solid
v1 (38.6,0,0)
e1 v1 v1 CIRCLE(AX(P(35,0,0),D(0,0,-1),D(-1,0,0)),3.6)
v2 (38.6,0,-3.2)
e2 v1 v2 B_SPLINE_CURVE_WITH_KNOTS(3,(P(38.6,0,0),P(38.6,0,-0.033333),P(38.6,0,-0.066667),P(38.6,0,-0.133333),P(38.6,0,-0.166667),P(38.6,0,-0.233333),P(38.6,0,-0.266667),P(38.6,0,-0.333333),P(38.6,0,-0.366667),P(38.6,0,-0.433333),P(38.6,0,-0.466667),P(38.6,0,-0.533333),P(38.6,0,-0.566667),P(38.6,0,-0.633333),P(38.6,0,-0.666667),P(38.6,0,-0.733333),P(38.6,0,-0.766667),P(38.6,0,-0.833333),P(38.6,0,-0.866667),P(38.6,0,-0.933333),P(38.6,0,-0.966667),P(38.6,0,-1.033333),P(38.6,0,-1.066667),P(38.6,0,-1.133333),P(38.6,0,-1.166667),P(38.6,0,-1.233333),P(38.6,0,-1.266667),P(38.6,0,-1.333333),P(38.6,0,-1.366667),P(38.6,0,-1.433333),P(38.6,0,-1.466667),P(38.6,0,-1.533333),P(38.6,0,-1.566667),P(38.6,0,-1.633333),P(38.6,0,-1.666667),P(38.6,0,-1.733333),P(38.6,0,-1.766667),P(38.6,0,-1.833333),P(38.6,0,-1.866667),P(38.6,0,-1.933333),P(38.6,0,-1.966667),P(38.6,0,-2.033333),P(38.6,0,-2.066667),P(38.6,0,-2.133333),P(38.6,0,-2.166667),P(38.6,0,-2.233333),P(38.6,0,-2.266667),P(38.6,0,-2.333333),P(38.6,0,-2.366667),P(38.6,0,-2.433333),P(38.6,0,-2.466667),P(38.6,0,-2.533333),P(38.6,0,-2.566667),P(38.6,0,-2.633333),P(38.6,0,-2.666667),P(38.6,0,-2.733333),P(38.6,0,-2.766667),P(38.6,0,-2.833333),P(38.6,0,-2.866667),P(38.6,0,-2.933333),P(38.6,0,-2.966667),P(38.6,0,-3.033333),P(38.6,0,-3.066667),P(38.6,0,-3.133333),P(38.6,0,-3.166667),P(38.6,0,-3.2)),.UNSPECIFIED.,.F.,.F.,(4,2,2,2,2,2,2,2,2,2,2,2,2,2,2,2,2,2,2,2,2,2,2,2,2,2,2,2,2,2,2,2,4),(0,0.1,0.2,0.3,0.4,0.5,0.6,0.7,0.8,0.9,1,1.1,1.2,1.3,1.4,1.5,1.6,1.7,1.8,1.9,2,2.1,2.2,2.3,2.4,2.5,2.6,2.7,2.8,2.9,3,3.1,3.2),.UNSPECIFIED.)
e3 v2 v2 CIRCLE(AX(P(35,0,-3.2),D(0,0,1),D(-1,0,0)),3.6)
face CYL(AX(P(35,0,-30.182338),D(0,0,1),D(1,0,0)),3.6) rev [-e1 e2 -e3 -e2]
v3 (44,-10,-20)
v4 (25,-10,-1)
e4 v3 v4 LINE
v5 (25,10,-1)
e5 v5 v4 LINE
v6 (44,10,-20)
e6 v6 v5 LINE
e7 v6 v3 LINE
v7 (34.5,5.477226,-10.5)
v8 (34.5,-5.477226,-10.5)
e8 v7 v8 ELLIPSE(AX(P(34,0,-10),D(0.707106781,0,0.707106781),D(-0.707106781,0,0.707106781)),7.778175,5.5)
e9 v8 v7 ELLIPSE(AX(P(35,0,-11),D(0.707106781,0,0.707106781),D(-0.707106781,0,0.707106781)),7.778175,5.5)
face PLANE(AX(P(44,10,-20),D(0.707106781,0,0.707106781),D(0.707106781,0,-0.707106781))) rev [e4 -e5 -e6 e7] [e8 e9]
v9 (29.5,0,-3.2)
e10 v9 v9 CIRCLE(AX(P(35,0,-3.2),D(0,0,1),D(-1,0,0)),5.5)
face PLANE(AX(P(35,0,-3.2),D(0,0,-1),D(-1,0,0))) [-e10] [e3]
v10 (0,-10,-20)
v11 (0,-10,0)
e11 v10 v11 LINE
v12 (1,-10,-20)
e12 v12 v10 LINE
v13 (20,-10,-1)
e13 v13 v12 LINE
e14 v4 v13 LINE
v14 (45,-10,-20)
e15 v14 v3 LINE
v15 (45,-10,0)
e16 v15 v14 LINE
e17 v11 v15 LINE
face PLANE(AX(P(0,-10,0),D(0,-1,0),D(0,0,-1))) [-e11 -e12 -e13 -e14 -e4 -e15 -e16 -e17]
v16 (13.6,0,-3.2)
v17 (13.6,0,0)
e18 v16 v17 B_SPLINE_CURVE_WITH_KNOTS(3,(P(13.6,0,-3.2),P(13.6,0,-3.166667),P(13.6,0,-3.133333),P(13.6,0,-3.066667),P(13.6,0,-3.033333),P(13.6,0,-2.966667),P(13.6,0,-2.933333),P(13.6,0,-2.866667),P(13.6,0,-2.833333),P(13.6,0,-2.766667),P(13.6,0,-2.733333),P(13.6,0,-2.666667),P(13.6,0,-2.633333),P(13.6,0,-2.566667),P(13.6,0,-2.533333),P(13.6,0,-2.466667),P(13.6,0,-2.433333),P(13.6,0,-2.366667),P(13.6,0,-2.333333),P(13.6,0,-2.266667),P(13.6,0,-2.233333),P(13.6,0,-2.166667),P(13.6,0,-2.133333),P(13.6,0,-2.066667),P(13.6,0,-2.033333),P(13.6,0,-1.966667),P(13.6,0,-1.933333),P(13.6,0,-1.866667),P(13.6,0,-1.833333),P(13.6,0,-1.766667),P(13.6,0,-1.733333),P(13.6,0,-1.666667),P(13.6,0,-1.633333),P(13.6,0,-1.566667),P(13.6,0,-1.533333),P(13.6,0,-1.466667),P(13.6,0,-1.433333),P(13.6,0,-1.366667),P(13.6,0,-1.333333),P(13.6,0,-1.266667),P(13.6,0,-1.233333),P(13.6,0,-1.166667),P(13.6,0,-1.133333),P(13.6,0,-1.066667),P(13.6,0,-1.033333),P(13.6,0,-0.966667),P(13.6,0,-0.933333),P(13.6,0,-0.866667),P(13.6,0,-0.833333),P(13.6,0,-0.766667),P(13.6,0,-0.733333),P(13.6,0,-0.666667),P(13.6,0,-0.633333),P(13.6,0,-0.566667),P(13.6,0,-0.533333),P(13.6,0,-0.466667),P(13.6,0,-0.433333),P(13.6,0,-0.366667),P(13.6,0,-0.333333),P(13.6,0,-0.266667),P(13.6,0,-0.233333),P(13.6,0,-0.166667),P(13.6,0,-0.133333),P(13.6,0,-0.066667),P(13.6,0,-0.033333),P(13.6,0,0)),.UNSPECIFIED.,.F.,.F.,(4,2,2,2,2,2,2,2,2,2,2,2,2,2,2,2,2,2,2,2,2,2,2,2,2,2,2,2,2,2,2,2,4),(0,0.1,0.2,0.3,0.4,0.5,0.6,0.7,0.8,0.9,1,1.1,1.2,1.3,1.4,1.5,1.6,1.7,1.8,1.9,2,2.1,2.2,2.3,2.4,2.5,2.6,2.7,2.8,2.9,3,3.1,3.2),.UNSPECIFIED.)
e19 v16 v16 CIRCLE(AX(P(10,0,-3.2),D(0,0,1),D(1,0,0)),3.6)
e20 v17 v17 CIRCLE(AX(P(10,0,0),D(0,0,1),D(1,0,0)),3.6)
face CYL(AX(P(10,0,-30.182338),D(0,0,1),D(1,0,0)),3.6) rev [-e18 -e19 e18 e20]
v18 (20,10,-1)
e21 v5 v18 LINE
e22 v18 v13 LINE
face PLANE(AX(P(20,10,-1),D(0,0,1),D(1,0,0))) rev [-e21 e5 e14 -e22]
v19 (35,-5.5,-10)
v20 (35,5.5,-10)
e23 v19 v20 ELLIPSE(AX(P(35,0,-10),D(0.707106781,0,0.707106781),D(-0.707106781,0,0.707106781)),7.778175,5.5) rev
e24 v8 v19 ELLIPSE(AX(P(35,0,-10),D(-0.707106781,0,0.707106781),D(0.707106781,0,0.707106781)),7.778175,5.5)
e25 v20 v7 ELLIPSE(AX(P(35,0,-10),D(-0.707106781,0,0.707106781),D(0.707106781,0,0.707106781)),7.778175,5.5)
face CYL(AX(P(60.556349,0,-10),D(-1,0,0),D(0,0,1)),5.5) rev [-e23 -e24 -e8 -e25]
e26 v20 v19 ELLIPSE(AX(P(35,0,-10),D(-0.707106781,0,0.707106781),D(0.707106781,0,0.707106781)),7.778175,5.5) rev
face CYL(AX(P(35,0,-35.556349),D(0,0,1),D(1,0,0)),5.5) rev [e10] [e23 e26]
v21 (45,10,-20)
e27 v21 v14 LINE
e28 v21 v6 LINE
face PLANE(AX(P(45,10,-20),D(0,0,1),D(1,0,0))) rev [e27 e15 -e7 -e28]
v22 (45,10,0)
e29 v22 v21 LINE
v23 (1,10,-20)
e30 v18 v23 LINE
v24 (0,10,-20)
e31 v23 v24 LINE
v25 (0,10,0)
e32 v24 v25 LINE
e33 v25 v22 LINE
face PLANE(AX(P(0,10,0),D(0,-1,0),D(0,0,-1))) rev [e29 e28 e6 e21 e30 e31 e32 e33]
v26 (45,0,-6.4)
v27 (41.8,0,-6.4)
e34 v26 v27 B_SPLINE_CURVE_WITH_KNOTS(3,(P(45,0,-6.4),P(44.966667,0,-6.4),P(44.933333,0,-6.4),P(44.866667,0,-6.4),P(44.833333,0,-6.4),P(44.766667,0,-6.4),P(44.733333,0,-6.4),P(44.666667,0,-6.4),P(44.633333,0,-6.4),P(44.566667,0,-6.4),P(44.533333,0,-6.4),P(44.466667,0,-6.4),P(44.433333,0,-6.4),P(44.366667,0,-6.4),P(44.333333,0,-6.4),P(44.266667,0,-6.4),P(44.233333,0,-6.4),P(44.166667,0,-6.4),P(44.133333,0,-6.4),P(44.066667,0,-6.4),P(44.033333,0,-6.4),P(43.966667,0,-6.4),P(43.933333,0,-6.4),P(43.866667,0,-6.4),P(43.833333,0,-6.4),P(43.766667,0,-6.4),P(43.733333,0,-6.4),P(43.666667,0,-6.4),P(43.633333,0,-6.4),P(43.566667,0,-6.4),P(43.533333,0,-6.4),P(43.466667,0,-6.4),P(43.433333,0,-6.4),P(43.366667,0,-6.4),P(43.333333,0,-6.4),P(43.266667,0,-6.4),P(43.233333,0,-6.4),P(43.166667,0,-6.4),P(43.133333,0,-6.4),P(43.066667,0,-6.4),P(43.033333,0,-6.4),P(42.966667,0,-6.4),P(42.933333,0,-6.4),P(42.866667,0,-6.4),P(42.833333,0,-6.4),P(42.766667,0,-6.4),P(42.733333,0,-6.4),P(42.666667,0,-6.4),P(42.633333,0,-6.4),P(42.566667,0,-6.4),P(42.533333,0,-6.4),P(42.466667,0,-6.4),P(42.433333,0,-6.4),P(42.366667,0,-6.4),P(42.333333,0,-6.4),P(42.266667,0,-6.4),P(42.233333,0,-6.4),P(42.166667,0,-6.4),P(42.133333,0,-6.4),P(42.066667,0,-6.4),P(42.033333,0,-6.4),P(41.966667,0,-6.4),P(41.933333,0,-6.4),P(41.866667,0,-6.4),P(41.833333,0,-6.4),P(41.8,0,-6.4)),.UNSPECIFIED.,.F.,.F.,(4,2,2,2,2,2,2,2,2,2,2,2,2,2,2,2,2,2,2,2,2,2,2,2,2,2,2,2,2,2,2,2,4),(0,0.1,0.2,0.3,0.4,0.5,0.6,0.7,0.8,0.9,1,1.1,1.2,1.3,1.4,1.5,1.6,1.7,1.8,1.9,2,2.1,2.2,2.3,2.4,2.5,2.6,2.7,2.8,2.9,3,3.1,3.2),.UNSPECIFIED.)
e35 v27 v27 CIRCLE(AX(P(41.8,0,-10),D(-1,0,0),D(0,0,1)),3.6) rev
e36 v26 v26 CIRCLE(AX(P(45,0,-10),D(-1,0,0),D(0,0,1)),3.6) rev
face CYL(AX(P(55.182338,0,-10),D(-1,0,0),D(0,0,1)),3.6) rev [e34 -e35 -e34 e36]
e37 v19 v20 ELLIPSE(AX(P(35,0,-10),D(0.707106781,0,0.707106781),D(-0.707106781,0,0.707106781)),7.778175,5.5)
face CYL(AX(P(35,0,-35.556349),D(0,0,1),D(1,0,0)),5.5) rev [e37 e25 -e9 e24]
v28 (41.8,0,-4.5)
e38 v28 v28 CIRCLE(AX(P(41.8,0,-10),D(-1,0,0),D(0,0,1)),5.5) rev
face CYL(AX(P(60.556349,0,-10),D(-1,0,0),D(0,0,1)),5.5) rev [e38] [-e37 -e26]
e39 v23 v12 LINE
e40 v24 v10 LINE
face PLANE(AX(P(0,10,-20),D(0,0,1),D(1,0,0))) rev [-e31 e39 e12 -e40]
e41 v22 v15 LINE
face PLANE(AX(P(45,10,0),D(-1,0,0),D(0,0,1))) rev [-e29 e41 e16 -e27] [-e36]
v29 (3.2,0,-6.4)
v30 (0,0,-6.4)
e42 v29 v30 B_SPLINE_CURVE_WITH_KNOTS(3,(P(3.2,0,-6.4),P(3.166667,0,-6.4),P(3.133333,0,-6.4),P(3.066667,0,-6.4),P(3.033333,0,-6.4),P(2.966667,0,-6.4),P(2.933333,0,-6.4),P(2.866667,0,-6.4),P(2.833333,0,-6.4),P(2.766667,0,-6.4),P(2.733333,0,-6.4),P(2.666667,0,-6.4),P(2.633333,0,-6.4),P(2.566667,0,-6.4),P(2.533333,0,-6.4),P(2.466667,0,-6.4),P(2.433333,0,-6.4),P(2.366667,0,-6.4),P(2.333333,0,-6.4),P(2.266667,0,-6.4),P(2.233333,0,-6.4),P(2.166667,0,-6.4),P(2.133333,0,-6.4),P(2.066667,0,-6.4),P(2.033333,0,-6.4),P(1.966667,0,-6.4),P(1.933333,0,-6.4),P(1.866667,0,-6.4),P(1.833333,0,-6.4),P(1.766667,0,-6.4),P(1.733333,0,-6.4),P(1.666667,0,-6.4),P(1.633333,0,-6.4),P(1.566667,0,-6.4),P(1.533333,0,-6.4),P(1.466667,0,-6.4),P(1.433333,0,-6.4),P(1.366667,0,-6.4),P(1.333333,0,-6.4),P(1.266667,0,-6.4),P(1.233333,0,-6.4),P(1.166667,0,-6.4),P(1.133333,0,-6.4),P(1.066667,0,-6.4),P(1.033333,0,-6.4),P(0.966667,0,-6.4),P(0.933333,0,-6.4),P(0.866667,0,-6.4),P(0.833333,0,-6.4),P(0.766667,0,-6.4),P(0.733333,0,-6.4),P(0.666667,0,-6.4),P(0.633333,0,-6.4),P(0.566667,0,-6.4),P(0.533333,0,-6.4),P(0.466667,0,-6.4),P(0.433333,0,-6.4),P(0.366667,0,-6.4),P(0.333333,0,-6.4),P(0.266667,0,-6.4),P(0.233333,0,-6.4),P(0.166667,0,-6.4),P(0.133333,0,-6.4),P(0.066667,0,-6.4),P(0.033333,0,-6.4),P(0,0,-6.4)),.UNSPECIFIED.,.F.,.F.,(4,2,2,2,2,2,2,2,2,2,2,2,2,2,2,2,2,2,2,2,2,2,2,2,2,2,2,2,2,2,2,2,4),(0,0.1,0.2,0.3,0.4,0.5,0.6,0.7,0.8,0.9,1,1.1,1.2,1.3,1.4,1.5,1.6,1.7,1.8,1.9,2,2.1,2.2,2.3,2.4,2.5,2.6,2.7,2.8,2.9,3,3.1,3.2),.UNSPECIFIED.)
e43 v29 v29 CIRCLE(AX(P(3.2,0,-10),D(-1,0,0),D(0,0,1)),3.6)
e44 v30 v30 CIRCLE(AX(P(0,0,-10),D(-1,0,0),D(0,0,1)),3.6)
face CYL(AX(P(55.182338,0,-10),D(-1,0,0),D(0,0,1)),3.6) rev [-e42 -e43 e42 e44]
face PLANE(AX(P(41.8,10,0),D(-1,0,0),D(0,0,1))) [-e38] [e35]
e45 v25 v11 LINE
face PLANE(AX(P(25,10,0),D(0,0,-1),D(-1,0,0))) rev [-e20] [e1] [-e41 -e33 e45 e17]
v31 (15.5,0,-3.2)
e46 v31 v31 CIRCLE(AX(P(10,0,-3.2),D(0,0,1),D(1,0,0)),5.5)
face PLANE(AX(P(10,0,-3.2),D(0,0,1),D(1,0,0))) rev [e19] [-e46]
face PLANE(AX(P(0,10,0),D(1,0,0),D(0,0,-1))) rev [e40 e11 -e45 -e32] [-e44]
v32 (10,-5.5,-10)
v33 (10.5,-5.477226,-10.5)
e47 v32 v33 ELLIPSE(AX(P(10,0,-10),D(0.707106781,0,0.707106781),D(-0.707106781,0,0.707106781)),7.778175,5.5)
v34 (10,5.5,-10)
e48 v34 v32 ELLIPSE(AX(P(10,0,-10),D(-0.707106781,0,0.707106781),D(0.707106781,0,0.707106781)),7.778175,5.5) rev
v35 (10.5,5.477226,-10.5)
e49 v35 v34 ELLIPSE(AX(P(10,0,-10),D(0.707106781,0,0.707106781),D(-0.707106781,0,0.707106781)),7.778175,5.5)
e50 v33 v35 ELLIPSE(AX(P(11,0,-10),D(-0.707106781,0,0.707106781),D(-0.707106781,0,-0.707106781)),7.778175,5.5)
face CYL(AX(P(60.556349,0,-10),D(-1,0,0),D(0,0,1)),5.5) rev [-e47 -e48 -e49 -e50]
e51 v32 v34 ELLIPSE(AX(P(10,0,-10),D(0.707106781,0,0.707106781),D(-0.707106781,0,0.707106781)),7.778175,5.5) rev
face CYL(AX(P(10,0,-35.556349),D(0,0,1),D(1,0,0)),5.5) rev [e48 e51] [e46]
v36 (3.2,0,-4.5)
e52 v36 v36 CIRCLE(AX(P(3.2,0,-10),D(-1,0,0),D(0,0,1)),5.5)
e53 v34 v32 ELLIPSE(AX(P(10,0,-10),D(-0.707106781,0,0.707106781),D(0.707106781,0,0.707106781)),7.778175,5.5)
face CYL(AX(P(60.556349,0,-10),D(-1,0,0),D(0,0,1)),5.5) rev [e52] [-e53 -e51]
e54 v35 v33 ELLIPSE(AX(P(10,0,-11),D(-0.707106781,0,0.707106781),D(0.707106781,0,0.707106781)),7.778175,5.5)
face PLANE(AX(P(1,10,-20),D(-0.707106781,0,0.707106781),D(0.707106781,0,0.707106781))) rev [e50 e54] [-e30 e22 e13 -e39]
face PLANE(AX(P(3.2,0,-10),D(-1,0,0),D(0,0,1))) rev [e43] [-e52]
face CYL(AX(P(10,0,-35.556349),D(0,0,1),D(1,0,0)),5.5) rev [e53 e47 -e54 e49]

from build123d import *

# Parameters (mm, degrees)
BOSS_EXTRUDE1_DEPTH = 10
CUT_EXTRUDE1_REACH  = 52.249
SKETCH3_R           = 3.6
CUT_EXTRUDE3_REACH  = 55.449
CUT_EXTRUDE3_START  = -3.2
SKETCH3_4_R         = 5.5
SKETCH3_4_R_2       = 3.6
CUT_EXTRUDE2_REACH  = 52.249
SKETCH4_R           = 3.6
CUT_EXTRUDE4_START  = -3.2
SKETCH4_3_R         = 5.5
SKETCH4_3_R_2       = 3.6
CUT_EXTRUDE4_DEPTH  = 38.6


with BuildPart() as part:
    # Sketch2 → Boss-Extrude1 (new, symmetric)
    with BuildSketch(Plane(origin=(0, 0, 0), x_dir=(1, 0, 0), z_dir=(0, 1, 0))):
        Polygon((0, 0), (0, 20), (1, 20), (20, 1), (25, 1), (44, 20), (45, 20), (45, 0), (25, 0), (20, 0), align=None)
    extrude(amount=BOSS_EXTRUDE1_DEPTH, both=True)

    # Cut-Extrude1: up to this face of the body (flat: up to its plane)
    cut_extrude1_end = Plane(part.part.faces().sort_by_distance((0.5, 0, -20))[0])
    # Sketch3 → Cut-Extrude1 (cut, up to the picked face)
    with BuildSketch(Plane.XY, mode=Mode.PRIVATE) as cut_extrude1_sk1:
        with Locations((10, 0)):
            Circle(SKETCH3_R)
    cut_extrude1_tool1 = split(extrude(cut_extrude1_sk1.sketch, amount=-CUT_EXTRUDE1_REACH, mode=Mode.PRIVATE), bisect_by=cut_extrude1_end, keep=Keep.BOTH, mode=Mode.PRIVATE)
    # Sketch3 → Cut-Extrude1 (cut, up to the picked face)
    with BuildSketch(Plane.XY, mode=Mode.PRIVATE) as cut_extrude1_sk2:
        with Locations(Location((35, 0, 0), (0, 0, 180))):
            Circle(SKETCH3_R)
    cut_extrude1_tool2 = split(extrude(cut_extrude1_sk2.sketch, amount=-CUT_EXTRUDE1_REACH, mode=Mode.PRIVATE), bisect_by=cut_extrude1_end, keep=Keep.BOTH, mode=Mode.PRIVATE)
    add(cut_extrude1_tool1.solids().sort_by(Axis((10, 0, 0), (0, 0, -1)))[0], mode=Mode.SUBTRACT)
    add(cut_extrude1_tool2.solids().sort_by(Axis((35, 0, 0), (0, 0, -1)))[0], mode=Mode.SUBTRACT)

    # Cut-Extrude3: up to this face of the body (flat: up to its plane)
    cut_extrude3_end = Plane(part.part.faces().sort_by_distance((0.5, 0, -20))[0])
    # Sketch3<4> → Cut-Extrude3 (cut, up to the picked face)
    with BuildSketch(Plane.XY.offset(CUT_EXTRUDE3_START), mode=Mode.PRIVATE) as cut_extrude3_sk1:
        with Locations((10, 0)):
            Circle(SKETCH3_4_R)
        with Locations((10, 0)):
            Circle(SKETCH3_4_R_2, mode=Mode.SUBTRACT)
    cut_extrude3_tool1 = split(extrude(cut_extrude3_sk1.sketch, amount=-CUT_EXTRUDE3_REACH, mode=Mode.PRIVATE), bisect_by=cut_extrude3_end, keep=Keep.BOTH, mode=Mode.PRIVATE)
    # Sketch3<4> → Cut-Extrude3 (cut, up to the picked face)
    with BuildSketch(Plane.XY.offset(CUT_EXTRUDE3_START), mode=Mode.PRIVATE) as cut_extrude3_sk2:
        with Locations(Location((35, 0, 0), (0, 0, 180))):
            Circle(SKETCH3_4_R)
        with Locations((35, 0)):
            Circle(SKETCH3_4_R_2, mode=Mode.SUBTRACT)
    cut_extrude3_tool2 = split(extrude(cut_extrude3_sk2.sketch, amount=-CUT_EXTRUDE3_REACH, mode=Mode.PRIVATE), bisect_by=cut_extrude3_end, keep=Keep.BOTH, mode=Mode.PRIVATE)
    add(cut_extrude3_tool1.solids().sort_by(Axis((4.655563, 0, -3.2), (0, 0, -1)))[0], mode=Mode.SUBTRACT)
    add(cut_extrude3_tool2.solids().sort_by(Axis((40.344437, 0, -3.2), (0, 0, -1)))[0], mode=Mode.SUBTRACT)

    # Cut-Extrude2: up to this face of the body (flat: up to its plane)
    cut_extrude2_end = Plane(part.part.faces().sort_by_distance((45, 0, -10))[0])
    # Sketch4 → Cut-Extrude2 (cut, up to the picked face)
    with BuildSketch(Plane.ZY, mode=Mode.PRIVATE) as cut_extrude2_sk1:
        with Locations((-10, 0)):
            Circle(SKETCH4_R)
    cut_extrude2_tool1 = split(extrude(cut_extrude2_sk1.sketch, amount=-CUT_EXTRUDE2_REACH, mode=Mode.PRIVATE), bisect_by=cut_extrude2_end, keep=Keep.BOTH, mode=Mode.PRIVATE)
    add(cut_extrude2_tool1.solids().sort_by(Axis((0, 0, -10), (1, 0, 0)))[0], mode=Mode.SUBTRACT)

    # Sketch4<3> → Cut-Extrude4 (cut)
    with BuildSketch(Plane.ZY.offset(CUT_EXTRUDE4_START)):
        with Locations((-10, 0)):
            Circle(SKETCH4_3_R)
        with Locations((-10, 0)):
            Circle(SKETCH4_3_R_2, mode=Mode.SUBTRACT)
    extrude(amount=-CUT_EXTRUDE4_DEPTH, mode=Mode.SUBTRACT)


solid = part.part
